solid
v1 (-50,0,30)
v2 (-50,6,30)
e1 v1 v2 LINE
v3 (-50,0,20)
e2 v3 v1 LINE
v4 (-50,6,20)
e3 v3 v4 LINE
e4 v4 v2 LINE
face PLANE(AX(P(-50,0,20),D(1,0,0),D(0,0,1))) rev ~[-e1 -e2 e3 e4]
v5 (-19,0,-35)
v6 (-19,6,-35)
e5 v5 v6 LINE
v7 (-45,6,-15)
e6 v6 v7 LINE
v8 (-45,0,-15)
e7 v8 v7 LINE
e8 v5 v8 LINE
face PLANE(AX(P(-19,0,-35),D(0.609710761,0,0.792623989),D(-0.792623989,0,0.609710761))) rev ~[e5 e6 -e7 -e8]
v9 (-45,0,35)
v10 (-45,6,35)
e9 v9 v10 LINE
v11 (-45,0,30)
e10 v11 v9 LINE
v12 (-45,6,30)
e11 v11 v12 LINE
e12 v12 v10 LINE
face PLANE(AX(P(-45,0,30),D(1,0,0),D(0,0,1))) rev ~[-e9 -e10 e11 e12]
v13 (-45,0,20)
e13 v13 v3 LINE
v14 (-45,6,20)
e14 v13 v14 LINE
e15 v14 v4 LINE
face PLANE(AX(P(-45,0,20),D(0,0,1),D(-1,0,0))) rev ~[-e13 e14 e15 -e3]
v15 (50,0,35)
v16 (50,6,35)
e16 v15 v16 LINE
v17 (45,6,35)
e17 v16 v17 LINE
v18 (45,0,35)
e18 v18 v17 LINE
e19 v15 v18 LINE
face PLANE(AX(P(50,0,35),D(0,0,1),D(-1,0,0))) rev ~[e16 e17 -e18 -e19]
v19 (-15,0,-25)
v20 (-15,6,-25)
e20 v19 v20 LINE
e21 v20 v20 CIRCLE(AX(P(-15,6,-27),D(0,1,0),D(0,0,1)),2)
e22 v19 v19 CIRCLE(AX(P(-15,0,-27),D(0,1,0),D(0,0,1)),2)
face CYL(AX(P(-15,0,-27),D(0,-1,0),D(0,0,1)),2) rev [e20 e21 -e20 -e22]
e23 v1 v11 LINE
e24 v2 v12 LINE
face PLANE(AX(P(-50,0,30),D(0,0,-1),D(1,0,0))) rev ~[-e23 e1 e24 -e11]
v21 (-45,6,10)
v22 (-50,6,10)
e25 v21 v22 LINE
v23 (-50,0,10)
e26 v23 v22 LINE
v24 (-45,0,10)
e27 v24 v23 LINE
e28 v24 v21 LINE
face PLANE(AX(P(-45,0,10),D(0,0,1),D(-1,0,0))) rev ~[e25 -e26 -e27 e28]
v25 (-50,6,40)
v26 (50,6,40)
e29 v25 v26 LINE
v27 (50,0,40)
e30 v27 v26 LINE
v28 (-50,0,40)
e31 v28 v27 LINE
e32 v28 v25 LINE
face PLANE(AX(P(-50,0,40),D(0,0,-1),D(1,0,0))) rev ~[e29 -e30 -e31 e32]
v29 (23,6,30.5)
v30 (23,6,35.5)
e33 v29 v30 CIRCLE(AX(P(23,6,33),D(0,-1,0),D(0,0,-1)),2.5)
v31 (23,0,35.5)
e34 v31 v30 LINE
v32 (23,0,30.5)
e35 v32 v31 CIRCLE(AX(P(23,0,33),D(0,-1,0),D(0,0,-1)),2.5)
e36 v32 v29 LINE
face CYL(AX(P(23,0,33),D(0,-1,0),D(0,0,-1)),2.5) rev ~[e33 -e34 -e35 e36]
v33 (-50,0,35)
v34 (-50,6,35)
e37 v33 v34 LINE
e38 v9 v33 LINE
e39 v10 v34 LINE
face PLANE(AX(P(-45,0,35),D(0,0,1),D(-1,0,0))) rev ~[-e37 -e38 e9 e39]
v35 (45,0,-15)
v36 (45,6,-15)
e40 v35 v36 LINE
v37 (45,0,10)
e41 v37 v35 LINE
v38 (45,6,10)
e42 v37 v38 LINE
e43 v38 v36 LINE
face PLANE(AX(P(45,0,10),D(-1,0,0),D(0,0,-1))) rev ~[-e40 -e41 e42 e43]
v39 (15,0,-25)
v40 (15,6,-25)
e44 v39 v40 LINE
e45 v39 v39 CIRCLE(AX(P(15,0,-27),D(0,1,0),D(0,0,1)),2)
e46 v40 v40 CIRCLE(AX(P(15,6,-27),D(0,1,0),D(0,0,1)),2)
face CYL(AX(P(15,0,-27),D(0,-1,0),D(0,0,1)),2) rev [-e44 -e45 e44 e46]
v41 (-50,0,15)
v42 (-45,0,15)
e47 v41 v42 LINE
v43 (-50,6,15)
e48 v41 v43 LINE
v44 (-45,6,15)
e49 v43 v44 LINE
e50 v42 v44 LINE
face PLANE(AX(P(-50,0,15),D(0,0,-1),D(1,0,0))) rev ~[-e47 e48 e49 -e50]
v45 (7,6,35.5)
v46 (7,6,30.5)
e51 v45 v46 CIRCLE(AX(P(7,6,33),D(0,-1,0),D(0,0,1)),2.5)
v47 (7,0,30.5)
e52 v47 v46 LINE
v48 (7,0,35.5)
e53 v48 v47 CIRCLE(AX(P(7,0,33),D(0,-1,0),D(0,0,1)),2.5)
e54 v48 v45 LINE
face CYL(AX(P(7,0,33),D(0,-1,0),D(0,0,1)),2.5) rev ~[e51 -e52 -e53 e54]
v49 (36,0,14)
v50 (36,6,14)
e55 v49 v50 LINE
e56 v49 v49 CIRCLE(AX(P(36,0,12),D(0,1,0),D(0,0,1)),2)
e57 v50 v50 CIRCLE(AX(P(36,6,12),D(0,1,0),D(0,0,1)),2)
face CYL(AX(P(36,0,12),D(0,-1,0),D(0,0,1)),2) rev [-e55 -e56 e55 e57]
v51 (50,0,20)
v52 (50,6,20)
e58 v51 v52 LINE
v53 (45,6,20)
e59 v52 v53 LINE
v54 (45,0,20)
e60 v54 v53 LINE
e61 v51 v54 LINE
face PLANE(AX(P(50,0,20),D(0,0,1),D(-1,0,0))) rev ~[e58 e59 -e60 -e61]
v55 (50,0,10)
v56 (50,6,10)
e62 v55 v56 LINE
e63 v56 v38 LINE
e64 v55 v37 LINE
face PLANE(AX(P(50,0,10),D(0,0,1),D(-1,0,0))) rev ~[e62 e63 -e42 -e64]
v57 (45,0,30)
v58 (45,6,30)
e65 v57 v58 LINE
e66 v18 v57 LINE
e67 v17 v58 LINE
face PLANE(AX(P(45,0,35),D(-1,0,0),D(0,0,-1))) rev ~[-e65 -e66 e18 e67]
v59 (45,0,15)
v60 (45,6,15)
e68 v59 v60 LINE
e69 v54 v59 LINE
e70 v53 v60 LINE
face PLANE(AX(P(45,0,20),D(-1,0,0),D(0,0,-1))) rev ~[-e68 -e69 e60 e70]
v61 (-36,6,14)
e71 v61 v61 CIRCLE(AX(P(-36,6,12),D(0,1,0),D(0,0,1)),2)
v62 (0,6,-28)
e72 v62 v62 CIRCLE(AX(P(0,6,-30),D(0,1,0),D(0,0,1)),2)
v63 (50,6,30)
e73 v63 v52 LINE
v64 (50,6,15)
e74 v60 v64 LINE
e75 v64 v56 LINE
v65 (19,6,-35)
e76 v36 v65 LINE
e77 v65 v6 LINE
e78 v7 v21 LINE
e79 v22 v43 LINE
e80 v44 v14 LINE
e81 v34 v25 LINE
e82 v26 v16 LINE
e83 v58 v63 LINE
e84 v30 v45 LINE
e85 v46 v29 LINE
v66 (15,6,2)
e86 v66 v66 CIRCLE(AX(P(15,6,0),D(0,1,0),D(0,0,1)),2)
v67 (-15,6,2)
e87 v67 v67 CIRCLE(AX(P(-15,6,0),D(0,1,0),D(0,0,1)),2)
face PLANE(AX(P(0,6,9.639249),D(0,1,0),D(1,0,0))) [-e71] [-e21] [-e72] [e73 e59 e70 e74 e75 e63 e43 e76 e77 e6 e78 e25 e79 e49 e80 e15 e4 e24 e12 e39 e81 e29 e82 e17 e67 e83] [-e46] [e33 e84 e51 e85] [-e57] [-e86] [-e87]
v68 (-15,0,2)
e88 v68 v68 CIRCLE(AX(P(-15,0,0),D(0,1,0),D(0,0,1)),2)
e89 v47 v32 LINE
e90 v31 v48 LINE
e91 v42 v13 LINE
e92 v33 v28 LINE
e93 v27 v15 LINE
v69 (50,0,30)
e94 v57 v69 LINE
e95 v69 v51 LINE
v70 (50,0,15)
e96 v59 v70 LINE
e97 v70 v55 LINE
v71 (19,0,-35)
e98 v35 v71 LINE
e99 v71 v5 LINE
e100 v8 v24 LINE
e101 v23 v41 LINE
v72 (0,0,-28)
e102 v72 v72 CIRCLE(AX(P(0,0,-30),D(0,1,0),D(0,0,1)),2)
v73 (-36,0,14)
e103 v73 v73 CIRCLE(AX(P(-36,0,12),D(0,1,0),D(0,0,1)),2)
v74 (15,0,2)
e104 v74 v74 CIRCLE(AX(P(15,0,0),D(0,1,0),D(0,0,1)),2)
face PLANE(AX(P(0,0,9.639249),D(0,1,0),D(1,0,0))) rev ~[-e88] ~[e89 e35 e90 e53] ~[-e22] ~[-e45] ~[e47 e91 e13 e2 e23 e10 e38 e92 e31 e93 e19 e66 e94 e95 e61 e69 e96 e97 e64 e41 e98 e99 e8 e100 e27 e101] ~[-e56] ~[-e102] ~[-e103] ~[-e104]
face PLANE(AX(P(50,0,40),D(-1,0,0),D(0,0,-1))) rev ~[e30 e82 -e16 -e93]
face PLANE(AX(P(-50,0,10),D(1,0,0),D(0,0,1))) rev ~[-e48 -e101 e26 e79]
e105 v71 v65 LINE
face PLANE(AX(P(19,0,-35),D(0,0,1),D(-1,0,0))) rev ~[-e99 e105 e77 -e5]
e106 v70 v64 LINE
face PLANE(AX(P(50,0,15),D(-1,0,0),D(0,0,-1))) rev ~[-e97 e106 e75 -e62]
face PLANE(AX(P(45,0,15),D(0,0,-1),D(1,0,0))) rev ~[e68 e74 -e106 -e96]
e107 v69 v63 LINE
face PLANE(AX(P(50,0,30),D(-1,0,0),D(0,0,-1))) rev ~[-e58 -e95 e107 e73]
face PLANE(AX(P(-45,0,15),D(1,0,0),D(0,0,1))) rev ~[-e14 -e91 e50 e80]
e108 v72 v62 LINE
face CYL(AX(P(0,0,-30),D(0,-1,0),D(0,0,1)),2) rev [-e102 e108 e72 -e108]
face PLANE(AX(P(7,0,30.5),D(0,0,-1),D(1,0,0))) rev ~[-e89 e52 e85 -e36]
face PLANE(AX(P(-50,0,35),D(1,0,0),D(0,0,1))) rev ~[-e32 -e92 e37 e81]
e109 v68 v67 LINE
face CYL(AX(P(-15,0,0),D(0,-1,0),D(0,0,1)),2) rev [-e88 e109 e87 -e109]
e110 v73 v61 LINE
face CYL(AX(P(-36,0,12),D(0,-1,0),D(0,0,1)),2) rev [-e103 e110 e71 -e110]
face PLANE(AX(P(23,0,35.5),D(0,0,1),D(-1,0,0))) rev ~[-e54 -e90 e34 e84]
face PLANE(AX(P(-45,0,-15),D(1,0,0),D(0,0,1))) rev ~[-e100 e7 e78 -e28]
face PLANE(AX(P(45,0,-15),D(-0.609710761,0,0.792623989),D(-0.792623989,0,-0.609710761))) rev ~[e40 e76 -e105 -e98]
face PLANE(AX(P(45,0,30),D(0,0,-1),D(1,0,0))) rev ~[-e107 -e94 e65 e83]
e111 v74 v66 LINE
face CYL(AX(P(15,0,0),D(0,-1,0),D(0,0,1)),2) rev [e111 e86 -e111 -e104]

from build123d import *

# Parameters (mm, degrees)
SKETCH1_R           = 2
BOSS_EXTRUDE1_DEPTH = 6


with BuildPart() as part:
    # Sketch1 → Boss-Extrude1 (new body)
    with BuildSketch(Plane(origin=(0, 0, 0), x_dir=(1, 0, 0), z_dir=(0, 1, 0))):
        Polygon((-45, 15), (-45, -10), (-50, -10), (-50, -15), (-45, -15), (-45, -20), (-50, -20), (-50, -30), (-45, -30), (-45, -35), (-50, -35), (-50, -40), (-45, -40), (45, -40), (50, -40), (50, -35), (45, -35), (45, -33), (45, -30), (50, -30), (50, -20), (45, -20), (45, -15), (50, -15), (50, -10), (45, -10), (45, 15), (19, 35), (-19, 35), align=None)
        with Locations(Location((15, 0, 0), (0, 0, 270))):
            Circle(SKETCH1_R, mode=Mode.SUBTRACT)
        with Locations(Location((-15, 0, 0), (0, 0, 270))):
            Circle(SKETCH1_R, mode=Mode.SUBTRACT)
        with Locations(Location((15, 27, 0), (0, 0, 270))):
            Circle(SKETCH1_R, mode=Mode.SUBTRACT)
        with Locations(Location((-15, 27, 0), (0, 0, 270))):
            Circle(SKETCH1_R, mode=Mode.SUBTRACT)
        with Locations(Location((0, 30, 0), (0, 0, 270))):
            Circle(SKETCH1_R, mode=Mode.SUBTRACT)
        with Locations(Location((-36, -12, 0), (0, 0, 270))):
            Circle(SKETCH1_R, mode=Mode.SUBTRACT)
        with Locations(Location((36, -12, 0), (0, 0, 270))):
            Circle(SKETCH1_R, mode=Mode.SUBTRACT)
        with BuildLine():
            Line((7, -30.5), (23, -30.5))
            ThreePointArc((23, -30.5), (25.5, -33), (23, -35.5))
            Line((23, -35.5), (7, -35.5))
            ThreePointArc((7, -35.5), (4.5, -33), (7, -30.5))
        make_face(mode=Mode.SUBTRACT)
    extrude(amount=BOSS_EXTRUDE1_DEPTH)


solid = part.part
